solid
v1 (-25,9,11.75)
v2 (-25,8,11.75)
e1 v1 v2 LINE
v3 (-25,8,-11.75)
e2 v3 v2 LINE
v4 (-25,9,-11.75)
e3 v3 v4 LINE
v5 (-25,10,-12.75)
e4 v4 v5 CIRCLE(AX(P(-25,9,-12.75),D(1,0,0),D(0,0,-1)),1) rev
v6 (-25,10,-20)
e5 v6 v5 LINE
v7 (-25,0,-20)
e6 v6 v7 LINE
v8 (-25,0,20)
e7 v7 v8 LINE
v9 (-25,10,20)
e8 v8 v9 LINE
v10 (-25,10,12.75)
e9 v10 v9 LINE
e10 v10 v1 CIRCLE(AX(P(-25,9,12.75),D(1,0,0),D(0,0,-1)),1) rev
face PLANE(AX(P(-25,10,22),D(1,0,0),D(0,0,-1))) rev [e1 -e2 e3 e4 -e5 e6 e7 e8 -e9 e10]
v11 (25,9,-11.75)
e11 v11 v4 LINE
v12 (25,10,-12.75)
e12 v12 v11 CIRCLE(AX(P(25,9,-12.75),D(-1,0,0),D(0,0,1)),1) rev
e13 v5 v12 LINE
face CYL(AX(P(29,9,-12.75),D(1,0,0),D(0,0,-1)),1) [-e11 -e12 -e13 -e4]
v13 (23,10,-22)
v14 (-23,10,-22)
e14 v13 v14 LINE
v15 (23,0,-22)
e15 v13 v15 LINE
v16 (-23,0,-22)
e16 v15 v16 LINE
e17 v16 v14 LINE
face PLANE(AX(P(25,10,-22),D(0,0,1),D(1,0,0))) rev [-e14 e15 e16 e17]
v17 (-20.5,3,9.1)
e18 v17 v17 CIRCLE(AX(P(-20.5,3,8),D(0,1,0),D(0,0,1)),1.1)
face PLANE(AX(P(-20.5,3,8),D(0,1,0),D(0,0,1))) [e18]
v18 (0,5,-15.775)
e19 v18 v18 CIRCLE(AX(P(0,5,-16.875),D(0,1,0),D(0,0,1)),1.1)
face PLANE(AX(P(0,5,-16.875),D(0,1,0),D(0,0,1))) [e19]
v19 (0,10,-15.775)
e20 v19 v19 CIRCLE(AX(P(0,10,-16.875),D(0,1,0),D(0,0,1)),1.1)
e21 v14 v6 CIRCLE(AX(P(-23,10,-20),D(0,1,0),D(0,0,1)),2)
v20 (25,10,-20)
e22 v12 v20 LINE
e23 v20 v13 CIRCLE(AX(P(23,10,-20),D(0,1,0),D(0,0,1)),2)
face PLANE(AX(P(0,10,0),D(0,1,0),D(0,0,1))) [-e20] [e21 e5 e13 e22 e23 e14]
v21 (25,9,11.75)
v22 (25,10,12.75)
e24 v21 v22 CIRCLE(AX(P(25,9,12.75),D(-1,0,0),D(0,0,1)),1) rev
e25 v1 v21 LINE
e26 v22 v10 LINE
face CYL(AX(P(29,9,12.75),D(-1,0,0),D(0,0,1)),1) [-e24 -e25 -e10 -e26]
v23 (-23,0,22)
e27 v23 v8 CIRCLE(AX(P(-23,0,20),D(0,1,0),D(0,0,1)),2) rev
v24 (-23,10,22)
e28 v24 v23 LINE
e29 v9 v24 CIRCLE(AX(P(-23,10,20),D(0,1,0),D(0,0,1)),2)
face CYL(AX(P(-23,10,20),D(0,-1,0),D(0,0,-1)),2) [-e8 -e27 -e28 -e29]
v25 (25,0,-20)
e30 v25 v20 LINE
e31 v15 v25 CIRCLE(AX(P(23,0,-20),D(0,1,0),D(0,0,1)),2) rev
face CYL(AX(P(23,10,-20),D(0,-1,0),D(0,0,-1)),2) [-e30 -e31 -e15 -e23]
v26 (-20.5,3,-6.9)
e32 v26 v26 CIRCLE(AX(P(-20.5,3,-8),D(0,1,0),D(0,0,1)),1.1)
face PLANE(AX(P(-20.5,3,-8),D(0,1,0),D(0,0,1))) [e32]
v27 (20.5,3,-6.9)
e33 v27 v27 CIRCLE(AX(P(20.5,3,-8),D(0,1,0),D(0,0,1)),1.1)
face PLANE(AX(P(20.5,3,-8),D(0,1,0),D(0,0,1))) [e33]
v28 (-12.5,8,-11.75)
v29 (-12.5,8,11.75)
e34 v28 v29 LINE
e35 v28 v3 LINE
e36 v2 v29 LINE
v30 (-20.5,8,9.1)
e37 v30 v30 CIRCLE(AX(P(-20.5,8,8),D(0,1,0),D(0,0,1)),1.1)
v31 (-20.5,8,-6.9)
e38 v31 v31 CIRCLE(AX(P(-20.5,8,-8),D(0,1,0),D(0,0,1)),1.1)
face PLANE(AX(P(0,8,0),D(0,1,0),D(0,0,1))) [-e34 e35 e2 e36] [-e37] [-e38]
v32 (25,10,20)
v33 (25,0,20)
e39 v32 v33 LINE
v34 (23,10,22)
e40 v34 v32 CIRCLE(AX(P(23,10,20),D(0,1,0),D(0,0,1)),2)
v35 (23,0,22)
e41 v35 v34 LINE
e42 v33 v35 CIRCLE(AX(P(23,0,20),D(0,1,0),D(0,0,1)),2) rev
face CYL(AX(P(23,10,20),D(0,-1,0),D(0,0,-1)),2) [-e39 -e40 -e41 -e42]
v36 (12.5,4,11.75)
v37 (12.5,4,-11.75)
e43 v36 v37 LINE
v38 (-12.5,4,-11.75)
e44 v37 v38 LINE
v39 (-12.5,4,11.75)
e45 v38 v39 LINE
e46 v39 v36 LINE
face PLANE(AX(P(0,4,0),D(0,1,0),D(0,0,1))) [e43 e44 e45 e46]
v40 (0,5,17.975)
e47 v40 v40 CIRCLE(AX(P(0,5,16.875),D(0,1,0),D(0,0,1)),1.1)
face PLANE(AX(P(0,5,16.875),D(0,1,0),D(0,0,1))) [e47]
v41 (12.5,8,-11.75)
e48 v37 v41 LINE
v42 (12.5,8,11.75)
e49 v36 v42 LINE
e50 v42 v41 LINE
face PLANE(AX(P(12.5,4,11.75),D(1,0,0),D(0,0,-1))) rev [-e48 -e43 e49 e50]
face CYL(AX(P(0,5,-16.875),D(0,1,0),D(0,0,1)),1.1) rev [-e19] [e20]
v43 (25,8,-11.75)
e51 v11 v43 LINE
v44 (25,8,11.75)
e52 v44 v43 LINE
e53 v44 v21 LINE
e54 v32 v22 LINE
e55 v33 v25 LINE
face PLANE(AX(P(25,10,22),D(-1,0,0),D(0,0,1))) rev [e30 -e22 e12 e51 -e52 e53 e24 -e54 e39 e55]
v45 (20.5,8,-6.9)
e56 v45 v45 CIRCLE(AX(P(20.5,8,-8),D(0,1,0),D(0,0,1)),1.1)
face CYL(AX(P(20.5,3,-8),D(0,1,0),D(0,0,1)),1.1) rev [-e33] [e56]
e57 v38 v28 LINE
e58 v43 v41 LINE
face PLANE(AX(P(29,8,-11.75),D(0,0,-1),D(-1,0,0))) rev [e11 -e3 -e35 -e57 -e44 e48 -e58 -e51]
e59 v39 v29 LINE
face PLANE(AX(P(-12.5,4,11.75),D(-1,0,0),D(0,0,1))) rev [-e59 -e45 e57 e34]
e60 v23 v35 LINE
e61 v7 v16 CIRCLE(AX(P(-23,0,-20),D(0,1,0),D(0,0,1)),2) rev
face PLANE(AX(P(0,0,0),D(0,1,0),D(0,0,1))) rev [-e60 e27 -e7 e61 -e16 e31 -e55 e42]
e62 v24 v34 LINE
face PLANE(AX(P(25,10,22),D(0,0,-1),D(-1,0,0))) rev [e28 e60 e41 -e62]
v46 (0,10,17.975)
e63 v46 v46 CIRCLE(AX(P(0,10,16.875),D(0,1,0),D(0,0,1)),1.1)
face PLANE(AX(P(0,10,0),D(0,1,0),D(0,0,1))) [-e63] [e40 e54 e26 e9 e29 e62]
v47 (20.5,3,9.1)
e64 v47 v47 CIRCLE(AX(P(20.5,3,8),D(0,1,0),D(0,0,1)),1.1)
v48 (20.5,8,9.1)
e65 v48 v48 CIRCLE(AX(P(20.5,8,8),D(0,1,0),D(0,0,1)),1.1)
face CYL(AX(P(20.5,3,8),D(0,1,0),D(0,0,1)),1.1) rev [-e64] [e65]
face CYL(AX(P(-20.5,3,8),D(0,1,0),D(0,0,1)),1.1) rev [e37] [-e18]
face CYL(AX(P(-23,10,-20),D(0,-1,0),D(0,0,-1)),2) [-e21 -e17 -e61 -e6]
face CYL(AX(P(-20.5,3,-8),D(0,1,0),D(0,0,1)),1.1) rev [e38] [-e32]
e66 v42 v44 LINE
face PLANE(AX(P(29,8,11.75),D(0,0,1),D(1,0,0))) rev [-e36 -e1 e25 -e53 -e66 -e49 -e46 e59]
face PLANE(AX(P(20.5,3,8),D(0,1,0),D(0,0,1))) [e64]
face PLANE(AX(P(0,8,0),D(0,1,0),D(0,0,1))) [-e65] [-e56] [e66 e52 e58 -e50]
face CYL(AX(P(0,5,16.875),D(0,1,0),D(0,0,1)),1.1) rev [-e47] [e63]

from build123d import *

# Parameters (mm, degrees)
CROQUIS1_W              = 50
CROQUIS1_H              = 44
SALIENTE_EXTRUIR1_DEPTH = 10
CROQUIS2_W              = 58
CROQUIS2_H              = 23.5
CORTAR_EXTRUIR2_DEPTH   = 2
CROQUIS3_W              = 25
CROQUIS3_H              = 23.5
CORTAR_EXTRUIR3_DEPTH   = 4
CROQUIS4_R              = 1.1
CORTAR_EXTRUIR4_DEPTH   = 5
CROQUIS5_R              = 1.1
CORTAR_EXTRUIR5_DEPTH   = 5
REDONDEO1_R             = 2
REDONDEO2_R             = 1


with BuildPart() as part:
    # Croquis1 → Saliente-Extruir1 (new body)
    with BuildSketch(Plane(origin=(0, 0, 0), x_dir=(1, 0, 0), z_dir=(0, 1, 0))):
        Rectangle(CROQUIS1_W, CROQUIS1_H)
    extrude(amount=SALIENTE_EXTRUIR1_DEPTH)

    # Croquis2 → Cortar-Extruir2 (cut)
    with BuildSketch(Plane(origin=(0, 10, 0), x_dir=(1, 0, 0), z_dir=(0, 1, 0))):
        Rectangle(CROQUIS2_W, CROQUIS2_H)
    extrude(amount=-CORTAR_EXTRUIR2_DEPTH, mode=Mode.SUBTRACT)

    # Croquis3 → Cortar-Extruir3 (cut)
    with BuildSketch(Plane(origin=(0, 8, 0), x_dir=(1, 0, 0), z_dir=(0, 1, 0))):
        Rectangle(CROQUIS3_W, CROQUIS3_H)
    extrude(amount=-CORTAR_EXTRUIR3_DEPTH, mode=Mode.SUBTRACT)

    # Croquis4 → Cortar-Extruir4 (cut)
    with BuildSketch(Plane(origin=(0, 8, 0), x_dir=(1, 0, 0), z_dir=(0, 1, 0))):
        with Locations(Location((-20.5, 8, 0), (0, 0, 270))):
            Circle(CROQUIS4_R)
        with Locations(Location((-20.5, -8, 0), (0, 0, 270))):
            Circle(CROQUIS4_R)
        with Locations(Location((20.5, 8, 0), (0, 0, 270))):
            Circle(CROQUIS4_R)
        with Locations(Location((20.5, -8, 0), (0, 0, 270))):
            Circle(CROQUIS4_R)
    extrude(amount=-CORTAR_EXTRUIR4_DEPTH, mode=Mode.SUBTRACT)

    # Croquis5 → Cortar-Extruir5 (cut)
    with BuildSketch(Plane(origin=(0, 10, 0), x_dir=(1, 0, 0), z_dir=(0, 1, 0))):
        with Locations(Location((0, 16.875, 0), (0, 0, 270))):
            Circle(CROQUIS5_R)
        with Locations(Location((0, -16.875, 0), (0, 0, 270))):
            Circle(CROQUIS5_R)
    extrude(amount=-CORTAR_EXTRUIR5_DEPTH, mode=Mode.SUBTRACT)

    # Redondeo1
    redondeo1_edges = [part.edges().sort_by_distance(p)[0] for p in [
        (-25, 5, -22),
        (25, 5, -22),
        (25, 5, 22),
        (-25, 5, 22),
    ]]
    fillet(redondeo1_edges, radius=REDONDEO1_R)

    # Redondeo2
    redondeo2_edges = [part.edges().sort_by_distance(p)[0] for p in [
        (0, 10, 11.75),
        (0, 10, -11.75),
    ]]
    fillet(redondeo2_edges, radius=REDONDEO2_R)


solid = part.part
